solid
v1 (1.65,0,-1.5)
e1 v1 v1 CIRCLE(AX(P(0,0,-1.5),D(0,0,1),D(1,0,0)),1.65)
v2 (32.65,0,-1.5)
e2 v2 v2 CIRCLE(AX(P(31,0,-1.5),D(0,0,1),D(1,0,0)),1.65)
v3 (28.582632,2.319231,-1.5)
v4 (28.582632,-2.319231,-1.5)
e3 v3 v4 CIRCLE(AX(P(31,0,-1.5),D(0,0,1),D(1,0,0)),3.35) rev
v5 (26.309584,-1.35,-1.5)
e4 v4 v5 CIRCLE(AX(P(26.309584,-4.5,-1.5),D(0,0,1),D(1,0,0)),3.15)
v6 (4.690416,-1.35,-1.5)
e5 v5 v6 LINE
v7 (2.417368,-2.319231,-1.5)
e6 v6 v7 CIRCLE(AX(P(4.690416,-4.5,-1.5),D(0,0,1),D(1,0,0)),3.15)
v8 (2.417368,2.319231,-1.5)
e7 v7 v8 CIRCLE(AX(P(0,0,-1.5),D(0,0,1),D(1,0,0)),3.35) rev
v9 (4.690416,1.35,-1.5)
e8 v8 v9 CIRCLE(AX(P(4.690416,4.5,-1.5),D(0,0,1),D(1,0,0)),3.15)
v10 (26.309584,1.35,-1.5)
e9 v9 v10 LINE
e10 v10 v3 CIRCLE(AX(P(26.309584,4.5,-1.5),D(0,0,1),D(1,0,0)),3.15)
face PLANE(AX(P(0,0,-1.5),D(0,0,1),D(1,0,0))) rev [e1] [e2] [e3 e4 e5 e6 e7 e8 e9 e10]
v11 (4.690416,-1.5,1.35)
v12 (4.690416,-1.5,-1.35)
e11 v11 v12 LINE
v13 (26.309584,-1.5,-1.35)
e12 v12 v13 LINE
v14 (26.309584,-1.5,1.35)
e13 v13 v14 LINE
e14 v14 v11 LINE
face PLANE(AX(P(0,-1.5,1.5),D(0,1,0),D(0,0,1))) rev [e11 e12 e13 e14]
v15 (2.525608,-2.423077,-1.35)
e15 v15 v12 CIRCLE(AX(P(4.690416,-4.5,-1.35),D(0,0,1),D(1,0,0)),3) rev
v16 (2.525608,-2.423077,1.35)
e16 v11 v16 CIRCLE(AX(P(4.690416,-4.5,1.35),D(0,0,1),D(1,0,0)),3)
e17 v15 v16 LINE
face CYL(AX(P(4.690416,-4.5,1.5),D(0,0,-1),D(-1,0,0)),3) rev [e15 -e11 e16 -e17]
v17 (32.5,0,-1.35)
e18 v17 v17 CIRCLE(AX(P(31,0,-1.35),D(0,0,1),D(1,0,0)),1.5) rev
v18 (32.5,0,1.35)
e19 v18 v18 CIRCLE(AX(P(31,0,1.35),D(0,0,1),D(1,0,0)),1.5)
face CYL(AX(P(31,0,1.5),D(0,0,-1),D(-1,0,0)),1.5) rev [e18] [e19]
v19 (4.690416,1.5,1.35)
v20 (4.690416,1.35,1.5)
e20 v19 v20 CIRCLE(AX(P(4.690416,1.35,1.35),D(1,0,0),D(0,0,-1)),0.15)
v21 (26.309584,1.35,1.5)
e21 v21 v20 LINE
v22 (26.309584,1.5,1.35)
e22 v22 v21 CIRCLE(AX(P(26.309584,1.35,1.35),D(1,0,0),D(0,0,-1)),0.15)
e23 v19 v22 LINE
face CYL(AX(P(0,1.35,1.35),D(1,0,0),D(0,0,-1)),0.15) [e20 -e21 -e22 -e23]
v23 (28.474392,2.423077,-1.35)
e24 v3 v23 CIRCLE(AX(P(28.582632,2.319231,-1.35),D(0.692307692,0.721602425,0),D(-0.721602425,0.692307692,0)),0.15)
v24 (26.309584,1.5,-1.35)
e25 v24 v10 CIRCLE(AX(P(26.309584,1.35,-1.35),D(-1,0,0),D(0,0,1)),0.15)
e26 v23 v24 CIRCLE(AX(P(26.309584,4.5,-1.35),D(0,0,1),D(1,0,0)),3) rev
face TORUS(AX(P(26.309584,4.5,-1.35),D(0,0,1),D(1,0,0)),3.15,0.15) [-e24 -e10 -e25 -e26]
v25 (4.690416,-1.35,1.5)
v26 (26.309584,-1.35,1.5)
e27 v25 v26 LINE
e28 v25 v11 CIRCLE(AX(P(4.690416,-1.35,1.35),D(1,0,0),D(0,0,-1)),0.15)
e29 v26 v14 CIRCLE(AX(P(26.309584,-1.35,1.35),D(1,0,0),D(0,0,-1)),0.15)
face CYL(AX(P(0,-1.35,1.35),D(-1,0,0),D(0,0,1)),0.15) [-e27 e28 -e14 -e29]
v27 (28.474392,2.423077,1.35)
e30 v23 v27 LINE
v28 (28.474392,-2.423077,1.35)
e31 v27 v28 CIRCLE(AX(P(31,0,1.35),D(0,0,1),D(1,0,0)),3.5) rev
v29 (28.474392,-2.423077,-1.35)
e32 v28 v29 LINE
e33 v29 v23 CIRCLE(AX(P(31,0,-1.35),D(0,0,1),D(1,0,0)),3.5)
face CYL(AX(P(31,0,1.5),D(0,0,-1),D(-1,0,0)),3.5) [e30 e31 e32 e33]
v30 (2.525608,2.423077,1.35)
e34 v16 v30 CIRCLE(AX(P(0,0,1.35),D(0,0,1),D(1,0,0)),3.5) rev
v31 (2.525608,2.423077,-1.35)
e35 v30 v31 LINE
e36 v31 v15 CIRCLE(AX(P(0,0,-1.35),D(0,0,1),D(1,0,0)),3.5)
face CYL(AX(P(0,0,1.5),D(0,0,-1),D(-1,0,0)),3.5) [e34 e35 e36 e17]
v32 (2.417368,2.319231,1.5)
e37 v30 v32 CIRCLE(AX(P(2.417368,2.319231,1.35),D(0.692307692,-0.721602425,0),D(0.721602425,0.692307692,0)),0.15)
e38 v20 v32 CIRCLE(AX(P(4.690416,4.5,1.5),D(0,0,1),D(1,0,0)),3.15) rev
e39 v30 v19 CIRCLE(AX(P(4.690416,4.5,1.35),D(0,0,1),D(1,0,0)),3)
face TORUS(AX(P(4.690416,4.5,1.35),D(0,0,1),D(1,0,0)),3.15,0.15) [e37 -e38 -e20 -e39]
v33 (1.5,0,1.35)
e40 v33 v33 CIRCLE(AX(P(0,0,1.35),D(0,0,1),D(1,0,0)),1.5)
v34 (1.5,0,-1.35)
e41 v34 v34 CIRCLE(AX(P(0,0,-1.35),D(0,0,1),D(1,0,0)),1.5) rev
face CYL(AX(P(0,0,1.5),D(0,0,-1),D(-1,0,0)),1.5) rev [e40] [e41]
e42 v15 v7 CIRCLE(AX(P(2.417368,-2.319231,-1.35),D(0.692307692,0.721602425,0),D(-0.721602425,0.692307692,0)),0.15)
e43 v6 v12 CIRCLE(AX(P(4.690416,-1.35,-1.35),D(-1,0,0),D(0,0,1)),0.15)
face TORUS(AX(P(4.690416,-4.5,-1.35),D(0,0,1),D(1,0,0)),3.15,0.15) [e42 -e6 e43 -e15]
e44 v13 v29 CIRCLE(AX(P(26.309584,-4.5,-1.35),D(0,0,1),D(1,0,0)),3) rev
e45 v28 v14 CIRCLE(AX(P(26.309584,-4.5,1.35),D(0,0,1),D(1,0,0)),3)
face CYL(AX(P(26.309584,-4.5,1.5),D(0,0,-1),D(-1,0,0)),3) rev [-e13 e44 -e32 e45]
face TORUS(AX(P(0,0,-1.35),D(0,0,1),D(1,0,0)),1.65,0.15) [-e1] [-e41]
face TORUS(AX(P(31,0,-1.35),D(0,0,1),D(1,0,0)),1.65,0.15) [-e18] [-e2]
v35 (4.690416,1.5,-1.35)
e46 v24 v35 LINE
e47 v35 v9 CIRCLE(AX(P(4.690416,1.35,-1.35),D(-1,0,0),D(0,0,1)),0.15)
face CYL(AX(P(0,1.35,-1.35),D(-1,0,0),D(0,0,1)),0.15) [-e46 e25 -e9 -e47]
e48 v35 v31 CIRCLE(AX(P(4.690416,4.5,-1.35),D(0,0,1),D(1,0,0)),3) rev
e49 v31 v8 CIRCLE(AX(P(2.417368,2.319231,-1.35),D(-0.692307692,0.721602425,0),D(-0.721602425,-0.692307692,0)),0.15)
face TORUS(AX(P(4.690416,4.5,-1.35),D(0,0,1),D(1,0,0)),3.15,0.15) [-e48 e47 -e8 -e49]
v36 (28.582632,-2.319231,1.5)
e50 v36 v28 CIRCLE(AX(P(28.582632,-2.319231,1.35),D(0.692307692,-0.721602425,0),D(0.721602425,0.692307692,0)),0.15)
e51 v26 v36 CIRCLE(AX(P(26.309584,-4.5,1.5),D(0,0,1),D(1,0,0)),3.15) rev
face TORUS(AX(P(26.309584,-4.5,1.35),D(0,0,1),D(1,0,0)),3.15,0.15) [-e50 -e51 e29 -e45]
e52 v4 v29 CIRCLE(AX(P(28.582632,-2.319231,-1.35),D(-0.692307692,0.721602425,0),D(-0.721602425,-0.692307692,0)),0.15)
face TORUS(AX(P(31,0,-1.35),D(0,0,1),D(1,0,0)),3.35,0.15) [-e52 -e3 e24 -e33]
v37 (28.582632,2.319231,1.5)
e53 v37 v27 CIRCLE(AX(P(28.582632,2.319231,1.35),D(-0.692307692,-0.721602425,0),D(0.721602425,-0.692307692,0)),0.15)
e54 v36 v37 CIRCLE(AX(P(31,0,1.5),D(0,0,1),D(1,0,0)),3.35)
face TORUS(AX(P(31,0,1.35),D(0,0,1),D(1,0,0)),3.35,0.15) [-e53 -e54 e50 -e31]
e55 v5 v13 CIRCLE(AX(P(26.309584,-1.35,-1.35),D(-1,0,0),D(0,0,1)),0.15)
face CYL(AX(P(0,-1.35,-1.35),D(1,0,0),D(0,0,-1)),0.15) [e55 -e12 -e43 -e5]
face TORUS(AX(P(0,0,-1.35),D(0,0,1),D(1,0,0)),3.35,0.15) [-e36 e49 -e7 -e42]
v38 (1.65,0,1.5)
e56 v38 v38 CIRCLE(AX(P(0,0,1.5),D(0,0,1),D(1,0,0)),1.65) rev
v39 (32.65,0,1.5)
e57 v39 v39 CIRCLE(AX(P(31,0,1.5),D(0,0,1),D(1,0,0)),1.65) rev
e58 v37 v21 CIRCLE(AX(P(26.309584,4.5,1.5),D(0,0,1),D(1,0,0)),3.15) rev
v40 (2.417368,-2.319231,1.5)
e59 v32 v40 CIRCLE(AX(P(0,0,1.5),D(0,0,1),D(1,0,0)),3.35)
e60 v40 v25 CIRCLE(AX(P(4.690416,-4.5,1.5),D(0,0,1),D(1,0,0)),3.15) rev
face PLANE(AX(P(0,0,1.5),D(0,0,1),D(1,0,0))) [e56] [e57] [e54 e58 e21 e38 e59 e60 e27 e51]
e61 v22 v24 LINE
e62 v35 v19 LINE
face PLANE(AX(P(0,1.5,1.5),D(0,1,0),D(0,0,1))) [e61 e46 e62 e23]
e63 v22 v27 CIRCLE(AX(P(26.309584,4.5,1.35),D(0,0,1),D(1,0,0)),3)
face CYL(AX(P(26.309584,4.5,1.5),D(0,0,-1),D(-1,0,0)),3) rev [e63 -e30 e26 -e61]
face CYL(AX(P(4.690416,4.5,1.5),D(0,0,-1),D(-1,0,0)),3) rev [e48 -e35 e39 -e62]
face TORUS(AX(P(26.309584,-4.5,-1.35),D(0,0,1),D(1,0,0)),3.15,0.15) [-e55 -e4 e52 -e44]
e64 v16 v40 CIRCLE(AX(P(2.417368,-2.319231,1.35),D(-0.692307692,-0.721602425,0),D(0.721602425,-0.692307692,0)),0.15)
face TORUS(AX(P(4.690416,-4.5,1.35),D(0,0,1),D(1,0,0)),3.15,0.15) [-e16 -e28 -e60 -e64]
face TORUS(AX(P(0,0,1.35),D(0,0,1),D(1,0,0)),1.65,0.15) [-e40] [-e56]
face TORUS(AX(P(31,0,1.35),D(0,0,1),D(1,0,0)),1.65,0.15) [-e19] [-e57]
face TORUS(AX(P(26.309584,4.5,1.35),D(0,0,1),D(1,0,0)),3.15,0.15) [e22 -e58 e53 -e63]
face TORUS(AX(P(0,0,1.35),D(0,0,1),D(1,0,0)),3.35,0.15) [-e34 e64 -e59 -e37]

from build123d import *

# Parameters (mm, degrees)
SKETCH1_R           = 3.5
SKETCH1_R_2         = 1.5
BOSS_EXTRUDE1_DEPTH = 1.5
FILLET1_R           = 3
FILLET2_R           = 0.15


with BuildPart() as part:
    # Sketch1 → Boss-Extrude1 (new body, symmetric)
    with BuildSketch(Plane.XY):
        Circle(SKETCH1_R)
        Circle(SKETCH1_R_2, mode=Mode.SUBTRACT)
        with BuildLine():
            ThreePointArc((3.5, 0), (3.414525722, -0.768774411), (3.16227766, -1.5))
            Line((3.16227766, -1.5), (27.83772234, -1.5))
            ThreePointArc((27.83772234, -1.5), (27.5, 0), (27.83772234, 1.5))
            Line((27.83772234, 1.5), (3.16227766, 1.5))
            ThreePointArc((3.16227766, 1.5), (3.414525722, 0.768774411), (3.5, 0))
        make_face()
        with Locations((31, 0)):
            Circle(SKETCH1_R)
        with Locations((31, 0)):
            Circle(SKETCH1_R_2, mode=Mode.SUBTRACT)
    extrude(amount=BOSS_EXTRUDE1_DEPTH, both=True)

    # Fillet1
    fillet1_edges = [part.edges().sort_by_distance(p)[0] for p in [
        (27.83772234, 1.5, 0),
        (27.83772234, -1.5, 0),
        (3.16227766, -1.5, 0),
        (3.16227766, 1.5, 0),
    ]]
    fillet(fillet1_edges, radius=FILLET1_R)

    # Fillet2
    fillet2_edges = [part.edges().sort_by_distance(p)[0] for p in [
        (15.5, -1.5, -1.5),
        (15.5, -1.5, 1.5),
        (-1.5, 0, 1.5),
        (-3.5, 0, -1.5),
        (-3.5, 0, 1.5),
        (34.5, 0, -1.5),
        (34.5, 0, 1.5),
        (29.5, 0, 1.5),
        (15.5, 1.5, -1.5),
        (15.5, 1.5, 1.5),
        (3.513718949, -1.740401367, -1.5),
        (3.513718949, -1.740401367, 1.5),
        (27.486281051, -1.740401367, -1.5),
        (27.486281051, -1.740401367, 1.5),
        (27.486281051, 1.740401367, -1.5),
        (27.486281051, 1.740401367, 1.5),
        (3.513718949, 1.740401367, -1.5),
        (3.513718949, 1.740401367, 1.5),
        (29.5, 0, -1.5),
        (-1.5, 0, -1.5),
    ]]
    fillet(fillet2_edges, radius=FILLET2_R)


solid = part.part
